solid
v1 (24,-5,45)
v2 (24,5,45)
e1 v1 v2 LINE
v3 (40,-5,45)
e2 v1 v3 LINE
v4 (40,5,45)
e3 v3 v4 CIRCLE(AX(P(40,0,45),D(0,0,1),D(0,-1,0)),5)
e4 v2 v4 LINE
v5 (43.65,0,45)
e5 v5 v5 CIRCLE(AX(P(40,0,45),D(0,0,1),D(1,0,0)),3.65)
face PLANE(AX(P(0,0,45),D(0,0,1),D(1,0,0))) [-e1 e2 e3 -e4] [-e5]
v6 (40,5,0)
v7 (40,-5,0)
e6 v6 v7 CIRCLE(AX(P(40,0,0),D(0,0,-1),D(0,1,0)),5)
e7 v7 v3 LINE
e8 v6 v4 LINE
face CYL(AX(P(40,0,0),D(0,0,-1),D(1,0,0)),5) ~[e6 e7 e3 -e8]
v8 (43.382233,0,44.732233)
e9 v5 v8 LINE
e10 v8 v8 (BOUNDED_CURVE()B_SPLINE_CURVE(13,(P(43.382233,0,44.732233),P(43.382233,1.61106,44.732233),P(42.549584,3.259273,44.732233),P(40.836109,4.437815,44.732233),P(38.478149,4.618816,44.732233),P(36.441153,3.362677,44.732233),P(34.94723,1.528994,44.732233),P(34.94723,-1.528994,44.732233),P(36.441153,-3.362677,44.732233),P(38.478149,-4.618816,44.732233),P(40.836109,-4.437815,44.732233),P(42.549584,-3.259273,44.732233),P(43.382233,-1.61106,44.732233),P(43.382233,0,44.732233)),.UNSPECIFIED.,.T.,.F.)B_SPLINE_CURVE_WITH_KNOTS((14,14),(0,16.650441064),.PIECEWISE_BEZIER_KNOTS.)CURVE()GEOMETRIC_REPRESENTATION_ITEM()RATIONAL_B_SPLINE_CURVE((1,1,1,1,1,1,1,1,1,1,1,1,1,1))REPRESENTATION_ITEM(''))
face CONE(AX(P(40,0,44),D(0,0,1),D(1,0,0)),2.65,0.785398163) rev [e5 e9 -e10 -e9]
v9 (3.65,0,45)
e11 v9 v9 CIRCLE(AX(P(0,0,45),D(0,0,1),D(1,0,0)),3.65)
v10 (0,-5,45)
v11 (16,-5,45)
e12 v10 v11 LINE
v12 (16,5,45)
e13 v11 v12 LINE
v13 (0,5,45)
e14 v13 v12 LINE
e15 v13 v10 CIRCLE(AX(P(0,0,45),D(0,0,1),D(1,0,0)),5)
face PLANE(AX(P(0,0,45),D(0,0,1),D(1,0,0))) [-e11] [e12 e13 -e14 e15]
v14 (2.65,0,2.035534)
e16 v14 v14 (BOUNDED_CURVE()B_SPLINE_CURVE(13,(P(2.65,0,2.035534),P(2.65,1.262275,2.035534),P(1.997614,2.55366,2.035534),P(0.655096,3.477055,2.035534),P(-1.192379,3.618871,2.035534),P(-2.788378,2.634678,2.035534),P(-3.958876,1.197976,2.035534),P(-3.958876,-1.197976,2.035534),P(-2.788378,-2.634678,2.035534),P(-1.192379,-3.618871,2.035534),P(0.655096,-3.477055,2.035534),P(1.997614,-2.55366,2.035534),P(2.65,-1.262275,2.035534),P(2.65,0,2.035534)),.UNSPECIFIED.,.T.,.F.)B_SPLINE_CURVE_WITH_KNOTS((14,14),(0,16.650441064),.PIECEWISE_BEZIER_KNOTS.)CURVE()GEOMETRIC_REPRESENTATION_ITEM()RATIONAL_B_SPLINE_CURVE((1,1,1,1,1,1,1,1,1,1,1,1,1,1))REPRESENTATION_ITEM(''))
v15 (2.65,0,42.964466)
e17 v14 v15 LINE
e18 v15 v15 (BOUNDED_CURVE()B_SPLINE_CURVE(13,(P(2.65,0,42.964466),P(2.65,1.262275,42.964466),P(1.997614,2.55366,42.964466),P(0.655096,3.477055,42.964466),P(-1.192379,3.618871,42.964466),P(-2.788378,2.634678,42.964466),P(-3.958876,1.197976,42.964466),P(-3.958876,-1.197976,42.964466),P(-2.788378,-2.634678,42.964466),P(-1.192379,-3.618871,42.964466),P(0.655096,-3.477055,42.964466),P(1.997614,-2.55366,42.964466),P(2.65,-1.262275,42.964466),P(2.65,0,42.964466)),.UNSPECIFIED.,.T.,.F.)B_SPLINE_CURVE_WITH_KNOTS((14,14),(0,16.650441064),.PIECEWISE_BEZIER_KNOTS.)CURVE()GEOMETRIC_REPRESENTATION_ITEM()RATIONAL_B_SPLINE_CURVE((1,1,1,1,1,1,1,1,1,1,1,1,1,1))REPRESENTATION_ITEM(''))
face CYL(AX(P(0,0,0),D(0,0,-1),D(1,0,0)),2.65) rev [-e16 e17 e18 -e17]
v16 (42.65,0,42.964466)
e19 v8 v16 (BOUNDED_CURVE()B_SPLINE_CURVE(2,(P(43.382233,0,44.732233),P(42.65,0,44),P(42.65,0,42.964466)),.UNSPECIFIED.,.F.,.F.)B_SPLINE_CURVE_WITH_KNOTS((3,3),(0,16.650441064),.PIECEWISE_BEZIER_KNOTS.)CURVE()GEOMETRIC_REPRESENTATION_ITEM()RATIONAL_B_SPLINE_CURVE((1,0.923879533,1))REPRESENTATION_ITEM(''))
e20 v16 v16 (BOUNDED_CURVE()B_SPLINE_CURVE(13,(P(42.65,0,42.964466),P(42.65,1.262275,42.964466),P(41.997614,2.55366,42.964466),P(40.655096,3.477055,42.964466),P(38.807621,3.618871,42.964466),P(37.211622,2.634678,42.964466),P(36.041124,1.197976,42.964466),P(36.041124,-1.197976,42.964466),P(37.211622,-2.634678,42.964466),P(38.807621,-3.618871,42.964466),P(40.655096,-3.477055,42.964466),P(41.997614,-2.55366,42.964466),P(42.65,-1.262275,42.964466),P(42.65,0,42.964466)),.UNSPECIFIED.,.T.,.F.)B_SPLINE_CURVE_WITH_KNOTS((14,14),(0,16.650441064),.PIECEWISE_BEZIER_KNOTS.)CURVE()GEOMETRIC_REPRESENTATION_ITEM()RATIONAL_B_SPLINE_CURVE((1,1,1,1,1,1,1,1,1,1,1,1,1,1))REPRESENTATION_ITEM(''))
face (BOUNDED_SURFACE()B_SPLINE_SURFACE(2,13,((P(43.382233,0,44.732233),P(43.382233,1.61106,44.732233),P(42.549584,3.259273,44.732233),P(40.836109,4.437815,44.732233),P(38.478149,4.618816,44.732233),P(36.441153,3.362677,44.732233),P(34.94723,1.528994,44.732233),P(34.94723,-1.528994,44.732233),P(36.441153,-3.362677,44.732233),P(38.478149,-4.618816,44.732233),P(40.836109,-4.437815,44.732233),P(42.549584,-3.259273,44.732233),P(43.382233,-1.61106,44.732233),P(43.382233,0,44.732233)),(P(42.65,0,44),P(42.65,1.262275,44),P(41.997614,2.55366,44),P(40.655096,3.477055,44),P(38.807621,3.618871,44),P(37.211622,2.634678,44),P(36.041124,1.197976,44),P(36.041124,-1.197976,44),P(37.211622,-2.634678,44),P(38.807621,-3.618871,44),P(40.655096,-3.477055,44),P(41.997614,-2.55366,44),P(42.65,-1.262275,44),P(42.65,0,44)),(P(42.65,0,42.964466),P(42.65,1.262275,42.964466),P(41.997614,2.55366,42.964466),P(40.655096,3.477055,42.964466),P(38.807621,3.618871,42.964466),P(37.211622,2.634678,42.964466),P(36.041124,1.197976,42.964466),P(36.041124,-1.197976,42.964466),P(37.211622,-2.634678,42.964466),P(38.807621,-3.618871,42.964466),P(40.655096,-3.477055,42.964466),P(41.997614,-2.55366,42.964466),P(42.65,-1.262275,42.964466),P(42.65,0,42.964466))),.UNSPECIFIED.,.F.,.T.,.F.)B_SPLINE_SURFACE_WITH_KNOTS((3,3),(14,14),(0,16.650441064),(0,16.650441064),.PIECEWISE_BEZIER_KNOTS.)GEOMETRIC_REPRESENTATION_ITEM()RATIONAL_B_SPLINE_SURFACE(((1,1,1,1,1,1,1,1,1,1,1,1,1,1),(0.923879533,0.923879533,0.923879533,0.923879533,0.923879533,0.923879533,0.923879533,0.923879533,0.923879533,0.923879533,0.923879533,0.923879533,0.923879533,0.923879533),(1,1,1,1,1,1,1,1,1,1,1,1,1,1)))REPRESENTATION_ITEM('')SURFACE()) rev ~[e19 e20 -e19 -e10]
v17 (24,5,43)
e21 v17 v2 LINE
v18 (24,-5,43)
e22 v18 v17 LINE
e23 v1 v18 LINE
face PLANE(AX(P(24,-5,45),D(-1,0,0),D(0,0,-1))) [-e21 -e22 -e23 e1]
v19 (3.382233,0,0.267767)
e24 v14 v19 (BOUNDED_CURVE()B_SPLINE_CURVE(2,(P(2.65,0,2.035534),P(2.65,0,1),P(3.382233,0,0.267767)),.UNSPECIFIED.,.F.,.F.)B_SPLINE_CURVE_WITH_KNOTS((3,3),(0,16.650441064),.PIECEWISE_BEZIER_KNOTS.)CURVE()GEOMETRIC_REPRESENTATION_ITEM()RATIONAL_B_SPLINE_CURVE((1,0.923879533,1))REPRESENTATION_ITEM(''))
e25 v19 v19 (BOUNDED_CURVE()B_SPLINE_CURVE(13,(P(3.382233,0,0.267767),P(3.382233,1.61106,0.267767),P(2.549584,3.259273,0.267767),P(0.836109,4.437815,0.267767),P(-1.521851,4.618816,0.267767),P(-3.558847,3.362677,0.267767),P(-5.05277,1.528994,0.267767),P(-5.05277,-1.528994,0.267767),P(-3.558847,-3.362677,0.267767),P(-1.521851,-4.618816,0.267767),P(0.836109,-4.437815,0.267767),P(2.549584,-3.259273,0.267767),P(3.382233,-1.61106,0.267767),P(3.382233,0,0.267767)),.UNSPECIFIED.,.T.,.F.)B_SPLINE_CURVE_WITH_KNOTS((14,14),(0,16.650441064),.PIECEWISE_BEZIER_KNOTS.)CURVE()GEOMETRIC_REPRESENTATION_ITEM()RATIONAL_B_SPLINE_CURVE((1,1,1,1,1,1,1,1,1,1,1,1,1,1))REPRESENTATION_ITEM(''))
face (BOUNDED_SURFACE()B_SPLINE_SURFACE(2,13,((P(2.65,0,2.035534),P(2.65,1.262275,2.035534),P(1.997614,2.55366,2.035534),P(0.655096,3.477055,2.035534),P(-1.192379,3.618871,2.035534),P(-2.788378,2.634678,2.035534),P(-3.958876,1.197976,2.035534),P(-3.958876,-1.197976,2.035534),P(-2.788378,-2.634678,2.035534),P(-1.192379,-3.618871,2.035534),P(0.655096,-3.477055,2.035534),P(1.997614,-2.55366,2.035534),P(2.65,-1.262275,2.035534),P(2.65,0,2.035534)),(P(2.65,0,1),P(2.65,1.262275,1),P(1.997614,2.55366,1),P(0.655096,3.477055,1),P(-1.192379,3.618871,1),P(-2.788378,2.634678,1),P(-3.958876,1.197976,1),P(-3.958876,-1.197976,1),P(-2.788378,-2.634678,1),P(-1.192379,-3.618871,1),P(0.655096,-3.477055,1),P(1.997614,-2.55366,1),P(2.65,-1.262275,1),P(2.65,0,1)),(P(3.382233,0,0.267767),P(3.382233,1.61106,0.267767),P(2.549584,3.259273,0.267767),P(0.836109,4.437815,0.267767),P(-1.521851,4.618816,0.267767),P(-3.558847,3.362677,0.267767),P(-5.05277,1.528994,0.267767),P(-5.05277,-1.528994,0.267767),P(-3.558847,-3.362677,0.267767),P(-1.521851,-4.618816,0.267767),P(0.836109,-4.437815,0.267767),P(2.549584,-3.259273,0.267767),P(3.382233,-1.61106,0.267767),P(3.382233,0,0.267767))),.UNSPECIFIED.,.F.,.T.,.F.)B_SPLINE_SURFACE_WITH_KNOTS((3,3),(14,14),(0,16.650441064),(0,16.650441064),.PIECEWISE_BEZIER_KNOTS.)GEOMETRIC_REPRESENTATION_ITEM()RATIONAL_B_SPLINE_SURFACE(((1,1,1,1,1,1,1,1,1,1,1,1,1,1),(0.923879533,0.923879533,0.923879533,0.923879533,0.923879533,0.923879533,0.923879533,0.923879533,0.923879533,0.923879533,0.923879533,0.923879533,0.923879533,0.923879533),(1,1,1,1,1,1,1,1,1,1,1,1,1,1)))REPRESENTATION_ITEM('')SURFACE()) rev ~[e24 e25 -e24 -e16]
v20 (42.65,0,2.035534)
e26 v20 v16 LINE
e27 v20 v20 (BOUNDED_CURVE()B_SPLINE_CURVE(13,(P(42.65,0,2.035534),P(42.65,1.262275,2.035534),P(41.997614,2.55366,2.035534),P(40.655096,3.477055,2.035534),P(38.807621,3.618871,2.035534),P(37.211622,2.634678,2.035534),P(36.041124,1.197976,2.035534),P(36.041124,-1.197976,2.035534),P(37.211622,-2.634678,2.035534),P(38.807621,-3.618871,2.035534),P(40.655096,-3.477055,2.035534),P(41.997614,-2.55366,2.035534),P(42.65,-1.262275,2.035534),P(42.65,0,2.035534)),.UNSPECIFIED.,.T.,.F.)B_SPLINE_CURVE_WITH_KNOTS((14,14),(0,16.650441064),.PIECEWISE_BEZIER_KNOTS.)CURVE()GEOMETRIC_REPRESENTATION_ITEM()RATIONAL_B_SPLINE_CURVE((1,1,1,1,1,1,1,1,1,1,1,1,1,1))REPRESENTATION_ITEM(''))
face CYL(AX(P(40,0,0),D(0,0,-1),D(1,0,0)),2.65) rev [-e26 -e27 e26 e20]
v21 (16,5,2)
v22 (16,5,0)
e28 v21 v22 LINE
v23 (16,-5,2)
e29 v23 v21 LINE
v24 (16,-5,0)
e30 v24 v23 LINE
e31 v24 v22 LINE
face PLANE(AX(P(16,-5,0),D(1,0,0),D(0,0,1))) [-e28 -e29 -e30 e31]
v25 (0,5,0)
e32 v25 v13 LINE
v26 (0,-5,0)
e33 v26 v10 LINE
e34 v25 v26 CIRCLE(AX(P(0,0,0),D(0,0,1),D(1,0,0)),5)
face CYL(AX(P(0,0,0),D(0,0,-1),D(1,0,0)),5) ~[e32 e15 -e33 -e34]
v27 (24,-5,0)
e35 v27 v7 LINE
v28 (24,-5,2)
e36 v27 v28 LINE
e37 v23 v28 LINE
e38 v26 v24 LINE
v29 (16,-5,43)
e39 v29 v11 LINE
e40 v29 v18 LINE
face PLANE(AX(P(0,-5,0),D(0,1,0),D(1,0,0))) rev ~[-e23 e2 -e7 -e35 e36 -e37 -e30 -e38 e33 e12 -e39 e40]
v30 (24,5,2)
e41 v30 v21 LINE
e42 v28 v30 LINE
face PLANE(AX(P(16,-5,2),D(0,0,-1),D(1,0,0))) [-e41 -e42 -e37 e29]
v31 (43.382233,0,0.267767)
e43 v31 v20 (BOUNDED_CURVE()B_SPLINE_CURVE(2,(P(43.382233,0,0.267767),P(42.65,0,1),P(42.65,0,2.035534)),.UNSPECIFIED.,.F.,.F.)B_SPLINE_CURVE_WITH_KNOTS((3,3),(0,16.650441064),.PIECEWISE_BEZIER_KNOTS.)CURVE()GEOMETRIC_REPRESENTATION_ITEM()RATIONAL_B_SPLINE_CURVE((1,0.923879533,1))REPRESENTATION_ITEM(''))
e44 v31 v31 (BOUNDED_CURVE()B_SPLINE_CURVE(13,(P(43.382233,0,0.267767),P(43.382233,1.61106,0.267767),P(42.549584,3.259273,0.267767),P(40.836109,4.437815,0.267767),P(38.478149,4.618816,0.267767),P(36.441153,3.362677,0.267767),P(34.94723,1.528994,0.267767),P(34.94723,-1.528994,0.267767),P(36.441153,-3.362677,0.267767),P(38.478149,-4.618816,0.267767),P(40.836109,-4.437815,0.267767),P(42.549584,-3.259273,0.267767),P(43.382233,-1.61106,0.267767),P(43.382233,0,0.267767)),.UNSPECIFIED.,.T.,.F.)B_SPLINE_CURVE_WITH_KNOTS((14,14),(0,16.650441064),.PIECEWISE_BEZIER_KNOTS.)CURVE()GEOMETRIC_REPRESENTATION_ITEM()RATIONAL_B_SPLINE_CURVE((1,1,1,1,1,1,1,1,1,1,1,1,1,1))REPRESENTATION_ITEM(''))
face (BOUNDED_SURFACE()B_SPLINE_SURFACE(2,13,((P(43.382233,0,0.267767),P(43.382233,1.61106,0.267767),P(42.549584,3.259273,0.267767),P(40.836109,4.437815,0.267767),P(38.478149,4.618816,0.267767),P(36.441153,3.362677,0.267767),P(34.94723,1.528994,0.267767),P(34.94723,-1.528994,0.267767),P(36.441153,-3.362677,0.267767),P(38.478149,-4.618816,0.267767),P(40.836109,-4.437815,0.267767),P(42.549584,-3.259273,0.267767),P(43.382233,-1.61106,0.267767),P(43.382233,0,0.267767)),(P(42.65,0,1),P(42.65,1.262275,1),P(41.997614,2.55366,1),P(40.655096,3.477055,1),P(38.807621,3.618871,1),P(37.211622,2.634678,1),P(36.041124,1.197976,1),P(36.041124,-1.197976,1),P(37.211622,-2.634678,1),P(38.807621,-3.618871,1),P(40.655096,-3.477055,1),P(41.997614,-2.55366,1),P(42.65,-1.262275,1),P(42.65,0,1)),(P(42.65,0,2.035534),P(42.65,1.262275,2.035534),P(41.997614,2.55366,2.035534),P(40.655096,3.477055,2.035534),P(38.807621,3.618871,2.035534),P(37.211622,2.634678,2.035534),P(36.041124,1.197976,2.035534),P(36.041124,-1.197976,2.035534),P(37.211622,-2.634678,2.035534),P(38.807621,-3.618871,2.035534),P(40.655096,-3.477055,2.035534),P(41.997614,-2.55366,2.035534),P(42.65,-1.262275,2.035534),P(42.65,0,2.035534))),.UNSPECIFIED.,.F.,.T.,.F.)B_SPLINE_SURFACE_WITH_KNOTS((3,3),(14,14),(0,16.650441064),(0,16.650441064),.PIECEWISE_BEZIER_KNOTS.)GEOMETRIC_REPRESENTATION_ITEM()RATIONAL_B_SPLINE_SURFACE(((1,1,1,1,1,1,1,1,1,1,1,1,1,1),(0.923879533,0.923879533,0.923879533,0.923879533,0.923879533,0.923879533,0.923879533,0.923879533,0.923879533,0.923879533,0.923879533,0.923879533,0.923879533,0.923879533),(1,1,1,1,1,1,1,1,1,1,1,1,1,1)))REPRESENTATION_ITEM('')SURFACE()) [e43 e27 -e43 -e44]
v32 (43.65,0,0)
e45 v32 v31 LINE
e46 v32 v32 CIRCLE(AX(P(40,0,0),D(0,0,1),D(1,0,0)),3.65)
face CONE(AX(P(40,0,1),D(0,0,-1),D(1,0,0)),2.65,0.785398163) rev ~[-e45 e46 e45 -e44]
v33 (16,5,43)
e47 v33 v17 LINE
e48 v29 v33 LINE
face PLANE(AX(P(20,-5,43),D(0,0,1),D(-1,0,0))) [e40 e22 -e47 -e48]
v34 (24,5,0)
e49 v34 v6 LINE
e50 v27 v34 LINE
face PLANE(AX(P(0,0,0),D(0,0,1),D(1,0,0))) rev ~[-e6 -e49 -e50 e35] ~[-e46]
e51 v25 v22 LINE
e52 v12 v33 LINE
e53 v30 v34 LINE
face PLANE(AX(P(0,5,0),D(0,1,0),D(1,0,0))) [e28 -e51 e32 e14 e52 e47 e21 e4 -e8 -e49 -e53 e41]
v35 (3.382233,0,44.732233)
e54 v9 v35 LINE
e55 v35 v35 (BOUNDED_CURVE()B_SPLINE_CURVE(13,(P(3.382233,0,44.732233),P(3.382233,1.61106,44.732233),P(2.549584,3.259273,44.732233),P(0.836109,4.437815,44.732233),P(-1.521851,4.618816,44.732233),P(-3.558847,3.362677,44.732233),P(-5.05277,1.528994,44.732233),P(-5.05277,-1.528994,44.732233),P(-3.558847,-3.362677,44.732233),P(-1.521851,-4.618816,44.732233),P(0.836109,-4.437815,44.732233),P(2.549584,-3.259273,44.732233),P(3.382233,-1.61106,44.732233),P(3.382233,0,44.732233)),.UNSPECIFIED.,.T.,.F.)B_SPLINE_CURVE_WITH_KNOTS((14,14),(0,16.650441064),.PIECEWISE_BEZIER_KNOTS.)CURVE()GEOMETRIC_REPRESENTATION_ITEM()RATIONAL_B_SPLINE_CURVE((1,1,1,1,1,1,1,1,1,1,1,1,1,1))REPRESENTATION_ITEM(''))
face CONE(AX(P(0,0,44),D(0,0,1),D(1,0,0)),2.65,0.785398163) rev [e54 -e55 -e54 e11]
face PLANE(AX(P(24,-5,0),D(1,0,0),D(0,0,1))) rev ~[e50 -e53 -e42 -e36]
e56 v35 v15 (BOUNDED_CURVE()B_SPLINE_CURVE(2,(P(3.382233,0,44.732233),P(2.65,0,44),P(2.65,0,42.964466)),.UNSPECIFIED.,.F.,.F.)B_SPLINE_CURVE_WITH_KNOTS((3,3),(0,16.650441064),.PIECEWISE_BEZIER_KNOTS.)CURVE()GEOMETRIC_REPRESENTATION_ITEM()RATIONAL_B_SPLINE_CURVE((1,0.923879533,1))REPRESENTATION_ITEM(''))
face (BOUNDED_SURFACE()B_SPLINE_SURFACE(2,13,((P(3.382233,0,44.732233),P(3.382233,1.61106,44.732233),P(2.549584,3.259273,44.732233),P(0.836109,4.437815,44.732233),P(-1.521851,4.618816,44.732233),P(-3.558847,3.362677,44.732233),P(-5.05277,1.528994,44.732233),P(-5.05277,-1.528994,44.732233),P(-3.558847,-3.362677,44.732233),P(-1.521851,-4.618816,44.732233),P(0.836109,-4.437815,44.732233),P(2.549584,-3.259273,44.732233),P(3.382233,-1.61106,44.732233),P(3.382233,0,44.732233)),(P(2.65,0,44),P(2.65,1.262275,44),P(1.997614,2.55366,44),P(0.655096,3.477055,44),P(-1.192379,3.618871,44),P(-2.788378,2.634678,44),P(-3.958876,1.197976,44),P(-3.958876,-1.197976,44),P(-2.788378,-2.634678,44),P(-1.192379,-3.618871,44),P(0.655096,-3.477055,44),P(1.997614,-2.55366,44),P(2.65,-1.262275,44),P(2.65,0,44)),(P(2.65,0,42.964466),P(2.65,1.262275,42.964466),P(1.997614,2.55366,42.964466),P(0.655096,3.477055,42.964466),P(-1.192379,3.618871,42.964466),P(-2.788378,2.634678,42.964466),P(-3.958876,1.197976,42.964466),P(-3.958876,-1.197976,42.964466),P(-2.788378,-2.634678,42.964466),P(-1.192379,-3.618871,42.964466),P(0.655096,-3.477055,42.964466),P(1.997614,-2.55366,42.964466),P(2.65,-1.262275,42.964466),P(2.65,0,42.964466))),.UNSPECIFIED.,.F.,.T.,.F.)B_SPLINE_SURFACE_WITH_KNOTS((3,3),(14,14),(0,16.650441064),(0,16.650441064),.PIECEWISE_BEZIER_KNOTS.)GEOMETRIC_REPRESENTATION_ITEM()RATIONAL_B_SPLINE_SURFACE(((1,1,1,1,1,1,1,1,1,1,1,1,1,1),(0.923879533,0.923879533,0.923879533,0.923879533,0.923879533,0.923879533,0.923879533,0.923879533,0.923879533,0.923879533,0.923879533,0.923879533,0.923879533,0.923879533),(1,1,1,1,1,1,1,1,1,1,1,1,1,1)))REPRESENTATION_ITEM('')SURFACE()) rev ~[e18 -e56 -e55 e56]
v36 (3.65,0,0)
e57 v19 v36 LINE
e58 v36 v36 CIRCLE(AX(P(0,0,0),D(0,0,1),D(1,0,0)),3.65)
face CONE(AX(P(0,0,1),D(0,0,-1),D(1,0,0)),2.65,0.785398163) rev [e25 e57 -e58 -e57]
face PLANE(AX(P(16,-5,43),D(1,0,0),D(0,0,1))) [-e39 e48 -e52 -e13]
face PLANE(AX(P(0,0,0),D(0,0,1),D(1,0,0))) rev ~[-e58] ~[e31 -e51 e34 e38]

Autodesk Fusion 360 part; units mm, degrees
sketch "Sketch1" plane through (0, 0, 0) normal (0, 0, 1) x (1, 0, 0)
  circle A0 centre (0, 0) radius 2.65
  circle A1 centre (0, 0) radius 5
  line L0 (0, 0) -> (40, 0) construction
  circle A2 centre (40, 0) radius 2.65
  circle A3 centre (40, 0) radius 5
  line L1 (0, -5) -> (40, -5)
  line L2 (0, 5) -> (40, 5)
  dimension "d3" = 5.3
  dimension "d4" = 10
  dimension "d5" = 40
  dimension "d6" = 5.3
  dimension "d7" = 10
extrude "Extrude1" add sketch "Sketch1" along normal blind 45
chamfer "Chamfer1" distance 1 angle 45 2 edges at (-2.4707, 0.9583, 45) (37.5293, 0.9583, 45)
fillet "Fillet1" radius 2.5 2 edges at (-2.4707, 0.9583, 44) (37.5293, 0.9583, 44)
ref_plane "WorkPlane1" through (0, 0, 0) normal (1, 0, 0) x (0, 1, 0)
chamfer "Chamfer2" distance 1 angle 45 2 edges at (-2.4707, 0.9583, 0) (37.5293, 0.9583, 0)
sketch "Sketch2" plane through (0, -5, 0) normal (0, -1, 0) x (1, 0, 0)
  line L0 (0, 0) -> (40, 0)
  line L1 (40, 0) -> (40, 45)
  line L2 (40, 45) -> (0, 45)
  line L3 (0, 45) -> (0, 0)
  line L4 (20, 45) -> (20, 43)
  line L5 (20, 43) -> (16, 43)
  line L6 (16, 43) -> (16, 45)
  line L7 (16, 45) -> (20, 45)
  line L8 (20, 45) -> (20, 43)
  line L9 (20, 45) -> (24, 45)
  line L10 (24, 45) -> (24, 43)
  line L11 (24, 43) -> (20, 43)
  line L12 (20, 43) -> (20, 45)
  line L13 (20, 0) -> (16, 0)
  line L14 (16, 0) -> (16, 2)
  line L15 (16, 2) -> (20, 2)
  line L16 (20, 2) -> (20, 0)
  line L17 (20, 0) -> (24, 0)
  line L18 (24, 0) -> (24, 2)
  line L19 (24, 2) -> (20, 2)
  line L20 (20, 2) -> (20, 0)
  dimension "d15" = 2
  dimension "d16" = 4
  dimension "d17" = 4
  dimension "d18" = 4
  dimension "d19" = 2
  dimension "d20" = 4
  dimension "d21" = 2
extrude "Extrude2" cut sketch "Sketch2" against normal blind 14 contours L0 L13 L14 L15 L16 L20 | L0 L16 L17 L18 L19 L20 | L2 L4 L5 L6 L7 L8 L12 | L2 L4 L8 L9 L10 L11 L12
fillet "Fillet2" radius 2.5 2 edges at (-2.4707, -0.9583, 1) (37.5293, -0.9583, 1)
equation "spacing = 40 mm" comment "babyBullet=40mm"
equation "holeSize = 5.30 mm" comment "resize for tollerance"
equation "d3 = holeSize"
equation "d5 = spacing"
equation "d6 = holeSize"
